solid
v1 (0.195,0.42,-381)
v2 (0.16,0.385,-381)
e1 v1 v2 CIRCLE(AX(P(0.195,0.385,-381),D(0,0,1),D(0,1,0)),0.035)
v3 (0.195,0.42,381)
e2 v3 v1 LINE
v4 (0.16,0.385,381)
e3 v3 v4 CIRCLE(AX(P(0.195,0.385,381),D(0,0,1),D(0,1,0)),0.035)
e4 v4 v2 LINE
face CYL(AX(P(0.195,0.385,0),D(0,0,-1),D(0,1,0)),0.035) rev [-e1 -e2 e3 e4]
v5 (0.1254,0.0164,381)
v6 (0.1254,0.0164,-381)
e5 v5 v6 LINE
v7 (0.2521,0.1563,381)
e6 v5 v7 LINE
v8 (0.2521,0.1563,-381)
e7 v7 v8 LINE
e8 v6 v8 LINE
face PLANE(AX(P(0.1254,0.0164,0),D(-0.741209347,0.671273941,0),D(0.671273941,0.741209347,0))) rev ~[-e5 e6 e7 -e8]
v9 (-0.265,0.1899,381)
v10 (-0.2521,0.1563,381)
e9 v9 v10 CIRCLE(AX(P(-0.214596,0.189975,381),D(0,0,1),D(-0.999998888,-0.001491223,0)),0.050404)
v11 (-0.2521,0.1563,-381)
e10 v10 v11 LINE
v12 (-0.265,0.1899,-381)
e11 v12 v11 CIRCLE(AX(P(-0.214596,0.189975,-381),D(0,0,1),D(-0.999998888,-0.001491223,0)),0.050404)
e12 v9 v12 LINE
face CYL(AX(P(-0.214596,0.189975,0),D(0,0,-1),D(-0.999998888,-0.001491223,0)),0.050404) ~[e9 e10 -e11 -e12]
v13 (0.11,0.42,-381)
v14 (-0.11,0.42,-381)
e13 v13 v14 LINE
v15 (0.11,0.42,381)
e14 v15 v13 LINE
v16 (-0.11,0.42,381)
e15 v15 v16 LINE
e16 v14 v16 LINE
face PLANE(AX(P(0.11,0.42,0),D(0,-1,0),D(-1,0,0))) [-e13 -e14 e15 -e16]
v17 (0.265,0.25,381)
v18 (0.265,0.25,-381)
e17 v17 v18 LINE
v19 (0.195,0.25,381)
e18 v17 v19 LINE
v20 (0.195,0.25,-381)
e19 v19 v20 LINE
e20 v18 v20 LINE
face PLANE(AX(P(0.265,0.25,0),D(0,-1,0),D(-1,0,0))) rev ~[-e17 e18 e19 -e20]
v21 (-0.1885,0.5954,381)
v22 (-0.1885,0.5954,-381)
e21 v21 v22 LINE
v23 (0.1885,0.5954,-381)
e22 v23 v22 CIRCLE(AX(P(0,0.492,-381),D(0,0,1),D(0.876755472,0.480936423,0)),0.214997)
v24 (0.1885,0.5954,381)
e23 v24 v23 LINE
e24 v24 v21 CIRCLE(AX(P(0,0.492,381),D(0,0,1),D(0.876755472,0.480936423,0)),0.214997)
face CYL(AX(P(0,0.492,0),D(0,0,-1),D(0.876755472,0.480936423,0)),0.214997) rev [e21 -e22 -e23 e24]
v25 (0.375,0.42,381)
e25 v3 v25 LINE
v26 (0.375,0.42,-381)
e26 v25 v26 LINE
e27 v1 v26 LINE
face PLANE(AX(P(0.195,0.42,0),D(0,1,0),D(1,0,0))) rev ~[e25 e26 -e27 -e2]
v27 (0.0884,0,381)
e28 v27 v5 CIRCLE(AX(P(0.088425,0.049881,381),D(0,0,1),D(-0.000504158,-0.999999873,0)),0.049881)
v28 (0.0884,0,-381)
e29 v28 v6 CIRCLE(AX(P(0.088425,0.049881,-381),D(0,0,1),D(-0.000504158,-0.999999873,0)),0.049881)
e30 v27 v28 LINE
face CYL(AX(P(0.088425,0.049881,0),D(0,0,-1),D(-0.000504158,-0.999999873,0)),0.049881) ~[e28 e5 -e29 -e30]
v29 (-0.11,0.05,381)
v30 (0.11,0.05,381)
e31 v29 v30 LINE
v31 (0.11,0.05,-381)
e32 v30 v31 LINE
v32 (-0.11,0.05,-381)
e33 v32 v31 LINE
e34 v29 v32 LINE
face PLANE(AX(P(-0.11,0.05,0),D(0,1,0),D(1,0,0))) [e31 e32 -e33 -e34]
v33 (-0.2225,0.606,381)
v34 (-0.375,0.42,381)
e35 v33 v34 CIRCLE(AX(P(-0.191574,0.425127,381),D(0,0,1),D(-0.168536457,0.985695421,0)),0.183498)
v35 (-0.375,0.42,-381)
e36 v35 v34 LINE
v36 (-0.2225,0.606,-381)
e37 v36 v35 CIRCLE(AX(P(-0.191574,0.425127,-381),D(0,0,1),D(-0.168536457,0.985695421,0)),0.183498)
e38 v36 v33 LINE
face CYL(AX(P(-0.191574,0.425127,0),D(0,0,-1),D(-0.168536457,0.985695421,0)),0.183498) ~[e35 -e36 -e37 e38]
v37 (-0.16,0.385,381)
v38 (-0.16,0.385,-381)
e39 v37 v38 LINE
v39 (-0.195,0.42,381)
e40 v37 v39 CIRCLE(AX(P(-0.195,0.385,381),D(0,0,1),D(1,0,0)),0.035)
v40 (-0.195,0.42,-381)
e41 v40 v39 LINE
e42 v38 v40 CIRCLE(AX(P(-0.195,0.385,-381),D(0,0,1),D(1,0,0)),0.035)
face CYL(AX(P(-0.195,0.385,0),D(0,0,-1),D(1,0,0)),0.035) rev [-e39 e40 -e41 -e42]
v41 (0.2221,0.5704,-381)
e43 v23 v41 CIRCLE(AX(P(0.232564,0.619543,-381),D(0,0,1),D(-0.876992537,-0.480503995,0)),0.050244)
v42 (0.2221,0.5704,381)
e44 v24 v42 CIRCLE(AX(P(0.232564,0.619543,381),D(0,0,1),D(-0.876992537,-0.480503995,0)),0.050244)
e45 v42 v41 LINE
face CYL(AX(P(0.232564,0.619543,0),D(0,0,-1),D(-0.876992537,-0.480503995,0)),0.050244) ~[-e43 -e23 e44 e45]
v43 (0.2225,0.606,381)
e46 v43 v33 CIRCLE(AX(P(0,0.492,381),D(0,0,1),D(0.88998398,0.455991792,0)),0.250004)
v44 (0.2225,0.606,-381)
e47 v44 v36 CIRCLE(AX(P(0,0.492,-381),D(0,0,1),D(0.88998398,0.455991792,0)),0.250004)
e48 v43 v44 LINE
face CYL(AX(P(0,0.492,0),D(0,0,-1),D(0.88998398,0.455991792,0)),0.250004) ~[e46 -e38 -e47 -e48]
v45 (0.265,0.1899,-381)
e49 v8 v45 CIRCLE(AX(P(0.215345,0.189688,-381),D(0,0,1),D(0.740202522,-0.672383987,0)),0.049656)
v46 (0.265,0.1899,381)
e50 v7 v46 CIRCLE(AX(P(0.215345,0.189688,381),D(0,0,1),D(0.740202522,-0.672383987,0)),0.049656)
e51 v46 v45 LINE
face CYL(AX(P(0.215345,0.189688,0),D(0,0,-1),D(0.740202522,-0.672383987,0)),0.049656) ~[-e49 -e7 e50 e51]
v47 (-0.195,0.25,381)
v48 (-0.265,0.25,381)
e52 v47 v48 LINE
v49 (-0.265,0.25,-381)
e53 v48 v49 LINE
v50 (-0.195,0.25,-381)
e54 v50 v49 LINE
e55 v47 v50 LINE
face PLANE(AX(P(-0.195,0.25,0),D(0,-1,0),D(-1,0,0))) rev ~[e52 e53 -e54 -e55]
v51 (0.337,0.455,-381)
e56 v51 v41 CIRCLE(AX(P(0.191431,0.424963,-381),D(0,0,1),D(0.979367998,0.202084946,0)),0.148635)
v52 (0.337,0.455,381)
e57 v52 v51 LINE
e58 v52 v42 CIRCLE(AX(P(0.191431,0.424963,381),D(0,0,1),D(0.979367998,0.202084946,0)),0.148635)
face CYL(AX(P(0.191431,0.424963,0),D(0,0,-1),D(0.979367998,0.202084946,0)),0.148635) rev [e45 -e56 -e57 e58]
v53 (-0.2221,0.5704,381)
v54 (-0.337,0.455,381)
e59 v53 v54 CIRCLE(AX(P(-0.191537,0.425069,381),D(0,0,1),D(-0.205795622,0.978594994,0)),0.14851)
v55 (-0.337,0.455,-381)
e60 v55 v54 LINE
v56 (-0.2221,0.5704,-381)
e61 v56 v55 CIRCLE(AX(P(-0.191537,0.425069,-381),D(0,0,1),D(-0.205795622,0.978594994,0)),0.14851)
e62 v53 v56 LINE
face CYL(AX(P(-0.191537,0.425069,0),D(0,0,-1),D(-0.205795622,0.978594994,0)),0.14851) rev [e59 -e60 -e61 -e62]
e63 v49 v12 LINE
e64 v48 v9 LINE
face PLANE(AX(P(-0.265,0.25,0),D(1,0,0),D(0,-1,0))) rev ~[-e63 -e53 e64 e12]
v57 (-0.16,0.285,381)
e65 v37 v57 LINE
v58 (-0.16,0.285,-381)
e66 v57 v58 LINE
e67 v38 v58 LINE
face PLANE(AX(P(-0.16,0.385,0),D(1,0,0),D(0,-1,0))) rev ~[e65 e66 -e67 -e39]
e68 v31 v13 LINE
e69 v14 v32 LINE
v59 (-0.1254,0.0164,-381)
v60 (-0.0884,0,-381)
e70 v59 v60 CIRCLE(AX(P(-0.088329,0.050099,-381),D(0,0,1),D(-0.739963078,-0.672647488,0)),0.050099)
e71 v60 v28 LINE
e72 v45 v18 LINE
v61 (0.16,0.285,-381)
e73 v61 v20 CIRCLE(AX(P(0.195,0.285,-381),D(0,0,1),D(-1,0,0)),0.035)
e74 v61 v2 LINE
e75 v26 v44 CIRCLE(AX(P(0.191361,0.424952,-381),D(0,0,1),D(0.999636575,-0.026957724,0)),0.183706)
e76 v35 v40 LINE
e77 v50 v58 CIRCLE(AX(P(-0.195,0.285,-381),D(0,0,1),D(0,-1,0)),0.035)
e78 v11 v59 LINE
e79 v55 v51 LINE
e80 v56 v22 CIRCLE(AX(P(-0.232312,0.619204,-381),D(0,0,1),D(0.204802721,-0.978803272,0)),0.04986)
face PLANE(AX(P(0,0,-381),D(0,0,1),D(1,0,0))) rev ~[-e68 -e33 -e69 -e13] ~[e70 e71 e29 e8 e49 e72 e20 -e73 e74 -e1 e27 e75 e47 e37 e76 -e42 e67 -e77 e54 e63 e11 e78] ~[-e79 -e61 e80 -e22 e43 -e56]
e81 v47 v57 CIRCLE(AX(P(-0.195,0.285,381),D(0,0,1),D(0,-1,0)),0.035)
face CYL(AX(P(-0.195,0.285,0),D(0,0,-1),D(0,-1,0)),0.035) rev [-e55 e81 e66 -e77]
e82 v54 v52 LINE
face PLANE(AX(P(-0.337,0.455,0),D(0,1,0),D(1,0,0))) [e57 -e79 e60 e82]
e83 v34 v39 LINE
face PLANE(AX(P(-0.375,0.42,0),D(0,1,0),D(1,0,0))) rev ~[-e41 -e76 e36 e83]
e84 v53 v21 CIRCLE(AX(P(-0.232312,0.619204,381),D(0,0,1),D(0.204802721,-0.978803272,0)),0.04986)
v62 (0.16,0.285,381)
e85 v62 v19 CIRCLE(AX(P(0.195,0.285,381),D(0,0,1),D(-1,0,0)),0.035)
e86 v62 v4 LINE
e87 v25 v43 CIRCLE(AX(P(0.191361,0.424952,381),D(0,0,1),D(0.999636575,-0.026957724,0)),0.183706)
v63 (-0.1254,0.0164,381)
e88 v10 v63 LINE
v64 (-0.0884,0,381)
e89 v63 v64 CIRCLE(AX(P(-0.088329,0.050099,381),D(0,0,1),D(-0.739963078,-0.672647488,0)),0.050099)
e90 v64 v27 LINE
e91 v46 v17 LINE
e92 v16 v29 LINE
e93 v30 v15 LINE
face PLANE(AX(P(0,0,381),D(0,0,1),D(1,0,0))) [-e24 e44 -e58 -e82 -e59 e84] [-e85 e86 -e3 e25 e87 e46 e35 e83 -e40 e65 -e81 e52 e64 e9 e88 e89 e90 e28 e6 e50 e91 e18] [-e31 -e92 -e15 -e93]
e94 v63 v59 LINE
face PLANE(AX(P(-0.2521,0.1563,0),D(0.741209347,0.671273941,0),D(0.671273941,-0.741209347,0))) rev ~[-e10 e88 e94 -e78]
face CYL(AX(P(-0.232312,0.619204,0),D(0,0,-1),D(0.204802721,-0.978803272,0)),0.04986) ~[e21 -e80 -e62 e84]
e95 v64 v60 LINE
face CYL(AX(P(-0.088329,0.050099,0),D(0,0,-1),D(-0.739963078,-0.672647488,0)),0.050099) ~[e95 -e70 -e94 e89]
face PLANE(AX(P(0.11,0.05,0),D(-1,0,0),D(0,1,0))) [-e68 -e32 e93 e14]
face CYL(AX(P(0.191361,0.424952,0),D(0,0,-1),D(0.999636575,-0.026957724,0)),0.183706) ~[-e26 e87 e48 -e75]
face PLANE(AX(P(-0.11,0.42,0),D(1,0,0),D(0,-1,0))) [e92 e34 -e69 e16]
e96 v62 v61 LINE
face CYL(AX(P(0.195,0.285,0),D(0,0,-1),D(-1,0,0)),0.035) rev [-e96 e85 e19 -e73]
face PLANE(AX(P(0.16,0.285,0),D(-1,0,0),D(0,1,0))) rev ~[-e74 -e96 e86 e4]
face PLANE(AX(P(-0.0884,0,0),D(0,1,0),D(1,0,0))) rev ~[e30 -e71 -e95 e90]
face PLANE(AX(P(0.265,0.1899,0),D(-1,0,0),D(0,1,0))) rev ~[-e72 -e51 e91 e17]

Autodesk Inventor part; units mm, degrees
ref_plane "YZ Plane" through (0, 0, 0) normal (1, 0, 0) x (0, 1, 0)
ref_plane "XZ Plane" through (0, 0, 0) normal (0, 1, 0) x (-1, 0, 0)
ref_plane "XY Plane" through (0, 0, 0) normal (0, 0, 1) x (1, 0, 0)
sketch "Sketch_1" plane through (0, 0, 0) normal (0, 0, 1) x (1, 0, 0)
  arc A0 (-0.2225, 0.606) -> (-0.375, 0.42) centre (-0.1915, 0.425) ccw
  line L0 (-0.375, 0.42) -> (-0.195, 0.42)
  arc A1 (-0.16, 0.385) -> (-0.195, 0.42) centre (-0.195, 0.385) ccw
  line L1 (-0.16, 0.385) -> (-0.16, 0.285)
  arc A2 (-0.195, 0.25) -> (-0.16, 0.285) centre (-0.195, 0.285) ccw
  line L2 (-0.195, 0.25) -> (-0.265, 0.25)
  line L3 (-0.265, 0.25) -> (-0.265, 0.1899)
  arc A3 (-0.265, 0.1899) -> (-0.2521, 0.1563) centre (-0.215, 0.1899) ccw
  line L4 (-0.2521, 0.1563) -> (-0.1254, 0.0164)
  arc A4 (-0.1254, 0.0164) -> (-0.0884, 0) centre (-0.0884, 0.05) ccw
  line L5 (-0.0884, 0) -> (0.0884, 0)
  arc A5 (0.0884, 0) -> (0.1254, 0.0164) centre (0.0884, 0.05) ccw
  line L6 (0.1254, 0.0164) -> (0.2521, 0.1563)
  arc A6 (0.2521, 0.1563) -> (0.265, 0.1899) centre (0.215, 0.1899) ccw
  line L7 (0.265, 0.1899) -> (0.265, 0.25)
  line L8 (0.265, 0.25) -> (0.195, 0.25)
  arc A7 (0.16, 0.285) -> (0.195, 0.25) centre (0.195, 0.285) ccw
  line L9 (0.16, 0.285) -> (0.16, 0.385)
  arc A8 (0.195, 0.42) -> (0.16, 0.385) centre (0.195, 0.385) ccw
  line L10 (0.195, 0.42) -> (0.375, 0.42)
  arc A9 (0.375, 0.42) -> (0.2225, 0.606) centre (0.1915, 0.425) ccw
  arc A10 (0.2225, 0.606) -> (-0.2225, 0.606) centre (0, 0.492) ccw
  line L11 (-0.11, 0.42) -> (-0.11, 0.05)
  line L12 (-0.11, 0.05) -> (0.11, 0.05)
  line L13 (0.11, 0.05) -> (0.11, 0.42)
  line L14 (0.11, 0.42) -> (-0.11, 0.42)
  line L15 (-0.337, 0.455) -> (0.337, 0.455)
  arc A11 (0.337, 0.455) -> (0.2221, 0.5704) centre (0.1915, 0.425) ccw
  arc A12 (0.1885, 0.5954) -> (0.2221, 0.5704) centre (0.2324, 0.6194) ccw
  arc A13 (0.1885, 0.5954) -> (-0.1885, 0.5954) centre (0, 0.492) ccw
  arc A14 (-0.2221, 0.5704) -> (-0.1885, 0.5954) centre (-0.2324, 0.6194) ccw
  arc A15 (-0.2221, 0.5704) -> (-0.337, 0.455) centre (-0.1915, 0.425) ccw
extrude "Extrusion1" add sketch "Sketch_1" along normal mid plane 762
properties part number "2829-CL-5"
